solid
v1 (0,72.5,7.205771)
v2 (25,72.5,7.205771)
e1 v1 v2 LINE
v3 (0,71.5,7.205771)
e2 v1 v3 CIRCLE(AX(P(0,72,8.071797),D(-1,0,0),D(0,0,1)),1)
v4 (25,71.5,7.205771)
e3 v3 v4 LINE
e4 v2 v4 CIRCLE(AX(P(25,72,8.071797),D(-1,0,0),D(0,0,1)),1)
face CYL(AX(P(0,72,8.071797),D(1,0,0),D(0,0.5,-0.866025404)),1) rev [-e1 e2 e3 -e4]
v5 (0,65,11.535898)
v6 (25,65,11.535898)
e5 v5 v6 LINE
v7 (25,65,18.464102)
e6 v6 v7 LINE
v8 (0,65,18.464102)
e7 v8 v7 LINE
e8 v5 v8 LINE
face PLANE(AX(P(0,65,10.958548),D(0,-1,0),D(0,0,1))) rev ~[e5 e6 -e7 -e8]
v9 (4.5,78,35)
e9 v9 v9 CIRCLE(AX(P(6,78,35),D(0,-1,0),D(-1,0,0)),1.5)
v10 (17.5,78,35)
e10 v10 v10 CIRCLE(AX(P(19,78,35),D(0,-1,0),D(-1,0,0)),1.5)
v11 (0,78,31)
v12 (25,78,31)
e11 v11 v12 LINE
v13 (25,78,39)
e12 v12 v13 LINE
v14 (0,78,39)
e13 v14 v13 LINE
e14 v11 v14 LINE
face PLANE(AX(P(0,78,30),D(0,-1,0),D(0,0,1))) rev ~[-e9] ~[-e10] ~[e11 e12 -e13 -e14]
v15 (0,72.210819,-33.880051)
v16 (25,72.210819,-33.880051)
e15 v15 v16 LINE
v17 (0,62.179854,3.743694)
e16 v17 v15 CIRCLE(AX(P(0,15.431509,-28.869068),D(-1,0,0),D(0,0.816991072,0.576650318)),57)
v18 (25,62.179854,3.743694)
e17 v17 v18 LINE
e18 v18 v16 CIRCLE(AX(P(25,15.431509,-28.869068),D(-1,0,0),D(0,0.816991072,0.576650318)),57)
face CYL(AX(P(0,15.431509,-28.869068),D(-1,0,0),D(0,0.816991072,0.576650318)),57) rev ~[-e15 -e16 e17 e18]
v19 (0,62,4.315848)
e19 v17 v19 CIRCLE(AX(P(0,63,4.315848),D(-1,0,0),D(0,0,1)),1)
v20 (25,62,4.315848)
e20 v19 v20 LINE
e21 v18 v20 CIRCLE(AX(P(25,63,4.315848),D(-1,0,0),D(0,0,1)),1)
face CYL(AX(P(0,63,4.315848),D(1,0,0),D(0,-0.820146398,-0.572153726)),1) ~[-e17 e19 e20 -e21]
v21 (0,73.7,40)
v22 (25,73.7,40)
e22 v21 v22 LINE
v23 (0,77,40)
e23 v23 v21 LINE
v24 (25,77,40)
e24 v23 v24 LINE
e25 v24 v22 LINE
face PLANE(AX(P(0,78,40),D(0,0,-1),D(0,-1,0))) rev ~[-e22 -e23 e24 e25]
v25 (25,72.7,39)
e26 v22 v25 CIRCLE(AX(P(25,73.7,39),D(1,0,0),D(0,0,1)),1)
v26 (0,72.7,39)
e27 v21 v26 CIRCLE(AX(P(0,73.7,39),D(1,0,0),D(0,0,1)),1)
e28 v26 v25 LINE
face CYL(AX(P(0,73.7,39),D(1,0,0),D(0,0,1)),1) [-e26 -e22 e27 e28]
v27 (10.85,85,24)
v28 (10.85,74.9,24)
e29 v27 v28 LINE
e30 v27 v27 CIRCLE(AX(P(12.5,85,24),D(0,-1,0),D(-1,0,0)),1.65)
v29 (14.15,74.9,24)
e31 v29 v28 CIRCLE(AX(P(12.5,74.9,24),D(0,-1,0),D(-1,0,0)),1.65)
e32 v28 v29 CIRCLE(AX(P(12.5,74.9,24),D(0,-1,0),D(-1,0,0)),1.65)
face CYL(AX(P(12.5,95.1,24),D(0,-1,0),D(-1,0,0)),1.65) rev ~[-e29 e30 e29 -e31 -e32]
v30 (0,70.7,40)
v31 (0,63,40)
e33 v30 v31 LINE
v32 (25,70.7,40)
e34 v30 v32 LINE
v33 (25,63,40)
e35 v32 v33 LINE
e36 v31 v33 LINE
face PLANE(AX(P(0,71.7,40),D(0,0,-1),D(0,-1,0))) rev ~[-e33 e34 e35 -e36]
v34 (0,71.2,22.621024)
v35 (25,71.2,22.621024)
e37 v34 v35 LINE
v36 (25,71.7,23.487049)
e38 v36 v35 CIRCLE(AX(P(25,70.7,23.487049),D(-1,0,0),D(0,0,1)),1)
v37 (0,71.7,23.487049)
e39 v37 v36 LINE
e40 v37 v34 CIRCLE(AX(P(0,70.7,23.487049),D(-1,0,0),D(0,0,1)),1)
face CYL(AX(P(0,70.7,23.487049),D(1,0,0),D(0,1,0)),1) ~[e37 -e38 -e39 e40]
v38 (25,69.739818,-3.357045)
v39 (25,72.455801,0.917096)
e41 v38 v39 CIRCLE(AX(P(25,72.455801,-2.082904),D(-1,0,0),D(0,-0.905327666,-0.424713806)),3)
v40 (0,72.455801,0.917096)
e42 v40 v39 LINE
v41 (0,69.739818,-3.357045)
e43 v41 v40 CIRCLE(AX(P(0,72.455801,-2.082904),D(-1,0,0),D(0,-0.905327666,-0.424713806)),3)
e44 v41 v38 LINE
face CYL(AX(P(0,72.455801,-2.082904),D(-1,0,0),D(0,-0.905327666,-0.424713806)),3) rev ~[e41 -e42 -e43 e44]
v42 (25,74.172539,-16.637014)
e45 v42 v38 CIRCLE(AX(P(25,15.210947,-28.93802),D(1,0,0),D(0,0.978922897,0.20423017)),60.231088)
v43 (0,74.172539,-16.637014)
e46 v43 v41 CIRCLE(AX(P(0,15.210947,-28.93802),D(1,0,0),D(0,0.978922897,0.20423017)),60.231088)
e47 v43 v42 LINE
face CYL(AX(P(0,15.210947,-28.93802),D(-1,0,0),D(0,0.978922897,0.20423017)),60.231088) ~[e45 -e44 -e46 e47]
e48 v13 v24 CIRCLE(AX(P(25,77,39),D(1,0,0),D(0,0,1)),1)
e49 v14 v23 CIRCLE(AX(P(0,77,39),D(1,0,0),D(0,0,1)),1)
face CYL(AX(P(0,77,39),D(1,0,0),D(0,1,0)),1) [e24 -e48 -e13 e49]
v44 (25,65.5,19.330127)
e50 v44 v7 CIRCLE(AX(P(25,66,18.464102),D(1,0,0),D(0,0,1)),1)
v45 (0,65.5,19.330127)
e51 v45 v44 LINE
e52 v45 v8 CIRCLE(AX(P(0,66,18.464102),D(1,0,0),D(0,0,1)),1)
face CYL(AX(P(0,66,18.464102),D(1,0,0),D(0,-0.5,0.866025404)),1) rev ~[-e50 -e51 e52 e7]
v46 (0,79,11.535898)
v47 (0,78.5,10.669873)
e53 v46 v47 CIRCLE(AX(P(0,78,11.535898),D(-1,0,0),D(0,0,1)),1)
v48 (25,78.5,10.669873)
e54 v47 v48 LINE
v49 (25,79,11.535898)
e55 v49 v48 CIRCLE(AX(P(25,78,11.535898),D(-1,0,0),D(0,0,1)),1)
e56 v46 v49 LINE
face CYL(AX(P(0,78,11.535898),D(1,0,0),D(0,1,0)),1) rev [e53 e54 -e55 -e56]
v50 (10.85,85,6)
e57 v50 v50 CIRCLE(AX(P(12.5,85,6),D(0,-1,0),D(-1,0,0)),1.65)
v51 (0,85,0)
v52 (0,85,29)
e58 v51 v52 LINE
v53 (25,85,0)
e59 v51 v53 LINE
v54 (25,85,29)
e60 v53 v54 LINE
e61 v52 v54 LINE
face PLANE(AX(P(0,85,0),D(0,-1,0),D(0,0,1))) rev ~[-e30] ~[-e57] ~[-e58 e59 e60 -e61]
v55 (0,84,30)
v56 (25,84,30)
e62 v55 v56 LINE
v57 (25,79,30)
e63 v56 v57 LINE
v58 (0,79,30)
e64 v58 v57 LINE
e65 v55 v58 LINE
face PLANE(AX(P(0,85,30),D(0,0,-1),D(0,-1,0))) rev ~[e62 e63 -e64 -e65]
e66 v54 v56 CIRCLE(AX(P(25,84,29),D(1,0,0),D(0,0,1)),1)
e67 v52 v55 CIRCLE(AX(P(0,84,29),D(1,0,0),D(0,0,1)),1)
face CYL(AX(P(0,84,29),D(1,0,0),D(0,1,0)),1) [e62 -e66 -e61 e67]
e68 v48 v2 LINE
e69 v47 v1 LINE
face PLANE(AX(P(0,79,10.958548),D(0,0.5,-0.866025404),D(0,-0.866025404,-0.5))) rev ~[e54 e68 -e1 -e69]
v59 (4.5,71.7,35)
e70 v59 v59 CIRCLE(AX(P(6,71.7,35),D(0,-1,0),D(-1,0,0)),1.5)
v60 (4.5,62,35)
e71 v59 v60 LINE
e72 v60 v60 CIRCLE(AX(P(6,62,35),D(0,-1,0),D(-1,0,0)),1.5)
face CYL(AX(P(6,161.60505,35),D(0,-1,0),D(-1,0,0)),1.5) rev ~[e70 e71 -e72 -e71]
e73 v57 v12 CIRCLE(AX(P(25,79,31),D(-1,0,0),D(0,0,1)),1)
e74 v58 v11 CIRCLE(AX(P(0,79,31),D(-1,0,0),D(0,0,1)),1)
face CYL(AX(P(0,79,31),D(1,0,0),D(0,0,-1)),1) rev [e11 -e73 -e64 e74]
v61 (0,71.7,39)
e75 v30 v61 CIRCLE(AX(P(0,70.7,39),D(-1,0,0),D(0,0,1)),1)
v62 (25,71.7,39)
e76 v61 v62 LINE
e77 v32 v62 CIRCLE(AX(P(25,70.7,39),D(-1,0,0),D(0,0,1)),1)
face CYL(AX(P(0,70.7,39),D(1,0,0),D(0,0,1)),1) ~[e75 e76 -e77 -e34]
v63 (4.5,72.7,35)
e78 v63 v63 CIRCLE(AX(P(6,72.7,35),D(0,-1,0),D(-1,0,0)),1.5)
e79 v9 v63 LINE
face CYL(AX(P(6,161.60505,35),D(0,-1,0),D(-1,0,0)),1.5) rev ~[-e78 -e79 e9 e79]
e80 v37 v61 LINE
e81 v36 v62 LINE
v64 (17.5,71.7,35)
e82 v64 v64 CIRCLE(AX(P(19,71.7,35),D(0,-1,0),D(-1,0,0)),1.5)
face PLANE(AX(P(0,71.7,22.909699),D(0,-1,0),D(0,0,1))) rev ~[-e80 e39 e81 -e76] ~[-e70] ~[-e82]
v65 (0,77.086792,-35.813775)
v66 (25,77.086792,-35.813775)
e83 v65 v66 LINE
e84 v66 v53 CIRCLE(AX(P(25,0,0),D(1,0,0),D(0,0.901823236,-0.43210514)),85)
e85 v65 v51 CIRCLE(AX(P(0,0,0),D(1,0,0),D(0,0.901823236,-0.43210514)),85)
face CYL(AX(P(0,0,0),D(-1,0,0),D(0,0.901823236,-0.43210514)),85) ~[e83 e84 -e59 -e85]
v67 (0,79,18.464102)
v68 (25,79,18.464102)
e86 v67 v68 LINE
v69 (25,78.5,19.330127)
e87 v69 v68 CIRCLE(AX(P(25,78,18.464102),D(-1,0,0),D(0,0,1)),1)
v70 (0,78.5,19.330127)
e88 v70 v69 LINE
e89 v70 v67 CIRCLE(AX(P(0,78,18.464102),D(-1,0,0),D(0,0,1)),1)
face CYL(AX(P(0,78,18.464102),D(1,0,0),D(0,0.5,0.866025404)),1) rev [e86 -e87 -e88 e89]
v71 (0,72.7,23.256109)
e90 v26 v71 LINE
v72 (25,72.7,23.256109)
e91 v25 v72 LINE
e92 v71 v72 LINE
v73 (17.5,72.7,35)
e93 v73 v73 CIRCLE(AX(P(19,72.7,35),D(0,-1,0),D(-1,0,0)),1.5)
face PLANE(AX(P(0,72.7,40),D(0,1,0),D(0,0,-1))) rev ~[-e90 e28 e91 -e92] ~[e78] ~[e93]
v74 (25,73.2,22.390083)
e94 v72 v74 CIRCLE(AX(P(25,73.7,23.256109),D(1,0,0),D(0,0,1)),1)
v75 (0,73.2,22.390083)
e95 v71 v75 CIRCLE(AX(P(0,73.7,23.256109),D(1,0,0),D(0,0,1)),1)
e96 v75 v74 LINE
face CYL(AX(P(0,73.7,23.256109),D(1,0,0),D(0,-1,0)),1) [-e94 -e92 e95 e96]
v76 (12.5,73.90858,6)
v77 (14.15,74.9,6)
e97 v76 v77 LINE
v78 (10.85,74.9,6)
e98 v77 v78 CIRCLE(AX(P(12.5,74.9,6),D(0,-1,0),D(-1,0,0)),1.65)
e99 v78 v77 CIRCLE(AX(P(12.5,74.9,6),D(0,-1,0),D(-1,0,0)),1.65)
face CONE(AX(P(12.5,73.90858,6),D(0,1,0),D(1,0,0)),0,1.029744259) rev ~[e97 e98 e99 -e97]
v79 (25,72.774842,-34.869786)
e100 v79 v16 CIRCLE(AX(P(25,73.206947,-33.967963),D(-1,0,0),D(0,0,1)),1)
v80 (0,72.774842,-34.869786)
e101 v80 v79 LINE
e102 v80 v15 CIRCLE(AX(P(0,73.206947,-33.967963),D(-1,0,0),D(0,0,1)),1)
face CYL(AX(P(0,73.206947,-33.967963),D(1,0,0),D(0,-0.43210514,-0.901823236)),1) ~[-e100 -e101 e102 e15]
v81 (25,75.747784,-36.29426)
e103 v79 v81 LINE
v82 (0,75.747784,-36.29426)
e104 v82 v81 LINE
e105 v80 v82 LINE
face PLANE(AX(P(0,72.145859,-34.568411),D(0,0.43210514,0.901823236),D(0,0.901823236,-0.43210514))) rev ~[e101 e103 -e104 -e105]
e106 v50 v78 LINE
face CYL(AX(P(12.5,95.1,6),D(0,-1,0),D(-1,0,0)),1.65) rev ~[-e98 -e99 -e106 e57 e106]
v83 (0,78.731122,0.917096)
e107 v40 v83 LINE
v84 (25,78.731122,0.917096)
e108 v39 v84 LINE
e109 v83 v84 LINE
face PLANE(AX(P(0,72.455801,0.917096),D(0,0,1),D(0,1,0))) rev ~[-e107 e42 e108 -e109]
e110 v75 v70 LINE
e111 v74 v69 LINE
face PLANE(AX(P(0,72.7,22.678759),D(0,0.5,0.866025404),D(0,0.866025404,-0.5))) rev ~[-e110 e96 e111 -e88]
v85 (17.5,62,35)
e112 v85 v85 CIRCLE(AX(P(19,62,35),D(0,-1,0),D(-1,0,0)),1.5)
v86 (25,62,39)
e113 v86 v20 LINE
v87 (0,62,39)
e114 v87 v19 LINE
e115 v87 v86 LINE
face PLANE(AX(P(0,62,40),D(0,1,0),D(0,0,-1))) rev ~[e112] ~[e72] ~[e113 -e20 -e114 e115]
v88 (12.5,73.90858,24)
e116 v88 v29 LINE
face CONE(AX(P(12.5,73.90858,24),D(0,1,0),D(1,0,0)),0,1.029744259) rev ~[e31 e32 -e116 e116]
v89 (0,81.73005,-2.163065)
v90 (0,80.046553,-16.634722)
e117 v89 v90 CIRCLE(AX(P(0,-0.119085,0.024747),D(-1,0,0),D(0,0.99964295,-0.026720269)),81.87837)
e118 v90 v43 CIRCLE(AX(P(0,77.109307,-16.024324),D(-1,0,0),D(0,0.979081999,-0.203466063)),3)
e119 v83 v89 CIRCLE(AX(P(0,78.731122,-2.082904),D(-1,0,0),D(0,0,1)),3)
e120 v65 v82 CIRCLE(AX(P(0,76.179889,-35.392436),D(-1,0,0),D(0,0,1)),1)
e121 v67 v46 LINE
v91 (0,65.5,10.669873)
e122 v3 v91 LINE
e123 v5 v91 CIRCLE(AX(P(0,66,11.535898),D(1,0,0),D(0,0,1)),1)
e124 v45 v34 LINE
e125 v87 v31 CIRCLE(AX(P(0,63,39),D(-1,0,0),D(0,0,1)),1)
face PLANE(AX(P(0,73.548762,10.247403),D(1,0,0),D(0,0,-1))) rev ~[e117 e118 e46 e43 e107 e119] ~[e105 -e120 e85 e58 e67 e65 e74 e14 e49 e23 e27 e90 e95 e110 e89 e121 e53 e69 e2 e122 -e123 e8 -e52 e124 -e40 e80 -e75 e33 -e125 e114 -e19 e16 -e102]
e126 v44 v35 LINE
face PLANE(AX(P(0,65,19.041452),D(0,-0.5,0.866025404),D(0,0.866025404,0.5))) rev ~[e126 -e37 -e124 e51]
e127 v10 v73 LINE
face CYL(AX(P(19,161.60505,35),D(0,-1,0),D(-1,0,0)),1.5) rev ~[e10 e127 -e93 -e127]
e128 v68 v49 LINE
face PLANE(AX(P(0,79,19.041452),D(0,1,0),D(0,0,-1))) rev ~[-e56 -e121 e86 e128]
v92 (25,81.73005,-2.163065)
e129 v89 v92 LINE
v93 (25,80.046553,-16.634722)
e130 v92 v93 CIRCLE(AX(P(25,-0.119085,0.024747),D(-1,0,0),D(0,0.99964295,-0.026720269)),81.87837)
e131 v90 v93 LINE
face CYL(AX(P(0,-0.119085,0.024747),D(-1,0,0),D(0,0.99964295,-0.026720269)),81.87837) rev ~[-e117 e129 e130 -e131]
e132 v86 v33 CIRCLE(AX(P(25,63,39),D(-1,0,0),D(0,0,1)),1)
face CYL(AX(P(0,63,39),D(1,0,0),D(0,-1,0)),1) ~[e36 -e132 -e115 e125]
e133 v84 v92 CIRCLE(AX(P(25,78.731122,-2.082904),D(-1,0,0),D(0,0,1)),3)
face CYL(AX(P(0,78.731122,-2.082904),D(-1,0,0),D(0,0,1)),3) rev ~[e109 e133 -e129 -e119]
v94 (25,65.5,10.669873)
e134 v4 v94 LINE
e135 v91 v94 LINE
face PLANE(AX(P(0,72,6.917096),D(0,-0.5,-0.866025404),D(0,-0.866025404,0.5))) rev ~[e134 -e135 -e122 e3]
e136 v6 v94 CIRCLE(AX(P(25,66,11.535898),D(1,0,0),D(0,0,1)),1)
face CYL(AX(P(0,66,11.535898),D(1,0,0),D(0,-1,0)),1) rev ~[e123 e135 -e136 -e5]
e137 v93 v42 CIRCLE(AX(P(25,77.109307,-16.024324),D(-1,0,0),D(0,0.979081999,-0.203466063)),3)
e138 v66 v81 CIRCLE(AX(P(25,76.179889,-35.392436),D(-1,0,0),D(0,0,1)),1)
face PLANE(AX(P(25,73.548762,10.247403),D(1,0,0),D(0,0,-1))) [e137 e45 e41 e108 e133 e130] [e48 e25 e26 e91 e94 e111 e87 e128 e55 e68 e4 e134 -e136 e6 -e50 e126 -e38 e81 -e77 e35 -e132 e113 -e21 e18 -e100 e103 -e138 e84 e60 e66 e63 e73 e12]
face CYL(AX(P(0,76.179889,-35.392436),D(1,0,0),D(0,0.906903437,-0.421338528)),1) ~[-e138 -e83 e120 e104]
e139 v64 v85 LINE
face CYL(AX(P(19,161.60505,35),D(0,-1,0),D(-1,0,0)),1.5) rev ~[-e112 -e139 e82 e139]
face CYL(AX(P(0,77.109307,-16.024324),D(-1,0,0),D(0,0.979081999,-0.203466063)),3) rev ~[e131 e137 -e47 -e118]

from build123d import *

# Parameters (mm, degrees)
BOSS_EXTRUDE1_DEPTH   = 25
FILLET1_R             = 1
F_3_0MM_DOWEL_HOLE1_D = 3
M4_TAPPED_HOLE1_D     = 3.3
M4_TAPPED_HOLE1_DEPTH = 10.1
M4_TAPPED_HOLE1_TIP   = 0.991420021


with BuildPart() as part:
    # Sketch1 → Boss-Extrude1 (new body)
    with BuildSketch(Plane(origin=(0, 0, 0), x_dir=(0, 0, -1), z_dir=(1, 0, 0))):
        with BuildLine():
            Line((0, 85), (-30, 85))
            Line((-30, 85), (-30, 78))
            Line((-30, 78), (-40, 78))
            Line((-40, 78), (-40, 72.7))
            Line((-40, 72.7), (-22.67875858, 72.7))
            Line((-22.67875858, 72.7), (-19.041451884, 79))
            Line((-19.041451884, 79), (-10.958548116, 79))
            Line((-10.958548116, 79), (-6.917096231, 72))
            Line((-6.917096231, 72), (-10.958548116, 65))
            Line((-10.958548116, 65), (-19.041451884, 65))
            Line((-19.041451884, 65), (-22.909698688, 71.7))
            Line((-22.909698688, 71.7), (-40, 71.7))
            Line((-40, 71.7), (-40, 62))
            Line((-40, 62), (-4, 62))
            ThreePointArc((-4, 62), (14.367926682, 70.556066939), (34.568411175, 72.145858848))
            Line((34.568411175, 72.145858848), (36.728936873, 76.654975026))
            ThreePointArc((36.728936873, 76.654975026), (18.832513412, 82.887492655), (0, 85))
        make_face()
        with BuildLine():
            Line((-0.917096231, 72.45580085), (-0.917096231, 78.731121633))
            ThreePointArc((-0.917096231, 78.731121633), (-0.009883557, 80.880596268), (2.163064575, 81.730050482))
            ThreePointArc((2.163064575, 81.730050482), (9.436412465, 81.210823112), (16.634722164, 80.046553355))
            ThreePointArc((16.634722164, 80.046553355), (19.024323748, 77.110478101), (16.637014487, 74.172538667))
            ThreePointArc((16.637014487, 74.172538667), (9.867798138, 72.343342951), (3.357045186, 69.739817851))
            ThreePointArc((3.357045186, 69.739817851), (0.473932708, 69.9237637), (-0.917096231, 72.45580085))
        make_face(mode=Mode.SUBTRACT)
    extrude(amount=BOSS_EXTRUDE1_DEPTH)

    # Fillet1
    fillet1_edges = [part.edges().sort_by_distance(p)[0] for p in [
        (12.5, 76.654975026, -36.728936873),
        (12.5, 72.145858848, -34.568411175),
        (12.5, 62, 4),
        (12.5, 62, 40),
        (12.5, 71.7, 40),
        (12.5, 71.7, 22.909698688),
        (12.5, 65, 19.041451884),
        (12.5, 65, 10.958548116),
        (12.5, 72, 6.917096231),
        (12.5, 79, 10.958548116),
        (12.5, 79, 19.041451884),
        (12.5, 72.7, 22.67875858),
        (12.5, 72.7, 40),
        (12.5, 78, 40),
        (12.5, 78, 30),
        (12.5, 85, 30),
    ]]
    fillet(fillet1_edges, radius=FILLET1_R)

    # Ø3.0mm Dowel Hole1 (through all)
    with Locations(Plane(origin=(0, 78, 0), x_dir=(1, 0, 0), z_dir=(0, 1, 0))):
        with Locations((6, -35), (19, -35)):
            Hole(F_3_0MM_DOWEL_HOLE1_D / 2)

    # M4 Tapped Hole1
    with Locations(Plane(origin=(0, 85, 0), x_dir=(1, 0, 0), z_dir=(0, 1, 0))):
        with Locations((12.5, -24), (12.5, -6)):
            Hole(M4_TAPPED_HOLE1_D / 2, depth=M4_TAPPED_HOLE1_DEPTH)
            with Locations((0, 0, -(M4_TAPPED_HOLE1_DEPTH + M4_TAPPED_HOLE1_TIP / 2))):  # 118° drill point
                Cone(0, M4_TAPPED_HOLE1_D / 2, M4_TAPPED_HOLE1_TIP, mode=Mode.SUBTRACT)


solid = part.part
